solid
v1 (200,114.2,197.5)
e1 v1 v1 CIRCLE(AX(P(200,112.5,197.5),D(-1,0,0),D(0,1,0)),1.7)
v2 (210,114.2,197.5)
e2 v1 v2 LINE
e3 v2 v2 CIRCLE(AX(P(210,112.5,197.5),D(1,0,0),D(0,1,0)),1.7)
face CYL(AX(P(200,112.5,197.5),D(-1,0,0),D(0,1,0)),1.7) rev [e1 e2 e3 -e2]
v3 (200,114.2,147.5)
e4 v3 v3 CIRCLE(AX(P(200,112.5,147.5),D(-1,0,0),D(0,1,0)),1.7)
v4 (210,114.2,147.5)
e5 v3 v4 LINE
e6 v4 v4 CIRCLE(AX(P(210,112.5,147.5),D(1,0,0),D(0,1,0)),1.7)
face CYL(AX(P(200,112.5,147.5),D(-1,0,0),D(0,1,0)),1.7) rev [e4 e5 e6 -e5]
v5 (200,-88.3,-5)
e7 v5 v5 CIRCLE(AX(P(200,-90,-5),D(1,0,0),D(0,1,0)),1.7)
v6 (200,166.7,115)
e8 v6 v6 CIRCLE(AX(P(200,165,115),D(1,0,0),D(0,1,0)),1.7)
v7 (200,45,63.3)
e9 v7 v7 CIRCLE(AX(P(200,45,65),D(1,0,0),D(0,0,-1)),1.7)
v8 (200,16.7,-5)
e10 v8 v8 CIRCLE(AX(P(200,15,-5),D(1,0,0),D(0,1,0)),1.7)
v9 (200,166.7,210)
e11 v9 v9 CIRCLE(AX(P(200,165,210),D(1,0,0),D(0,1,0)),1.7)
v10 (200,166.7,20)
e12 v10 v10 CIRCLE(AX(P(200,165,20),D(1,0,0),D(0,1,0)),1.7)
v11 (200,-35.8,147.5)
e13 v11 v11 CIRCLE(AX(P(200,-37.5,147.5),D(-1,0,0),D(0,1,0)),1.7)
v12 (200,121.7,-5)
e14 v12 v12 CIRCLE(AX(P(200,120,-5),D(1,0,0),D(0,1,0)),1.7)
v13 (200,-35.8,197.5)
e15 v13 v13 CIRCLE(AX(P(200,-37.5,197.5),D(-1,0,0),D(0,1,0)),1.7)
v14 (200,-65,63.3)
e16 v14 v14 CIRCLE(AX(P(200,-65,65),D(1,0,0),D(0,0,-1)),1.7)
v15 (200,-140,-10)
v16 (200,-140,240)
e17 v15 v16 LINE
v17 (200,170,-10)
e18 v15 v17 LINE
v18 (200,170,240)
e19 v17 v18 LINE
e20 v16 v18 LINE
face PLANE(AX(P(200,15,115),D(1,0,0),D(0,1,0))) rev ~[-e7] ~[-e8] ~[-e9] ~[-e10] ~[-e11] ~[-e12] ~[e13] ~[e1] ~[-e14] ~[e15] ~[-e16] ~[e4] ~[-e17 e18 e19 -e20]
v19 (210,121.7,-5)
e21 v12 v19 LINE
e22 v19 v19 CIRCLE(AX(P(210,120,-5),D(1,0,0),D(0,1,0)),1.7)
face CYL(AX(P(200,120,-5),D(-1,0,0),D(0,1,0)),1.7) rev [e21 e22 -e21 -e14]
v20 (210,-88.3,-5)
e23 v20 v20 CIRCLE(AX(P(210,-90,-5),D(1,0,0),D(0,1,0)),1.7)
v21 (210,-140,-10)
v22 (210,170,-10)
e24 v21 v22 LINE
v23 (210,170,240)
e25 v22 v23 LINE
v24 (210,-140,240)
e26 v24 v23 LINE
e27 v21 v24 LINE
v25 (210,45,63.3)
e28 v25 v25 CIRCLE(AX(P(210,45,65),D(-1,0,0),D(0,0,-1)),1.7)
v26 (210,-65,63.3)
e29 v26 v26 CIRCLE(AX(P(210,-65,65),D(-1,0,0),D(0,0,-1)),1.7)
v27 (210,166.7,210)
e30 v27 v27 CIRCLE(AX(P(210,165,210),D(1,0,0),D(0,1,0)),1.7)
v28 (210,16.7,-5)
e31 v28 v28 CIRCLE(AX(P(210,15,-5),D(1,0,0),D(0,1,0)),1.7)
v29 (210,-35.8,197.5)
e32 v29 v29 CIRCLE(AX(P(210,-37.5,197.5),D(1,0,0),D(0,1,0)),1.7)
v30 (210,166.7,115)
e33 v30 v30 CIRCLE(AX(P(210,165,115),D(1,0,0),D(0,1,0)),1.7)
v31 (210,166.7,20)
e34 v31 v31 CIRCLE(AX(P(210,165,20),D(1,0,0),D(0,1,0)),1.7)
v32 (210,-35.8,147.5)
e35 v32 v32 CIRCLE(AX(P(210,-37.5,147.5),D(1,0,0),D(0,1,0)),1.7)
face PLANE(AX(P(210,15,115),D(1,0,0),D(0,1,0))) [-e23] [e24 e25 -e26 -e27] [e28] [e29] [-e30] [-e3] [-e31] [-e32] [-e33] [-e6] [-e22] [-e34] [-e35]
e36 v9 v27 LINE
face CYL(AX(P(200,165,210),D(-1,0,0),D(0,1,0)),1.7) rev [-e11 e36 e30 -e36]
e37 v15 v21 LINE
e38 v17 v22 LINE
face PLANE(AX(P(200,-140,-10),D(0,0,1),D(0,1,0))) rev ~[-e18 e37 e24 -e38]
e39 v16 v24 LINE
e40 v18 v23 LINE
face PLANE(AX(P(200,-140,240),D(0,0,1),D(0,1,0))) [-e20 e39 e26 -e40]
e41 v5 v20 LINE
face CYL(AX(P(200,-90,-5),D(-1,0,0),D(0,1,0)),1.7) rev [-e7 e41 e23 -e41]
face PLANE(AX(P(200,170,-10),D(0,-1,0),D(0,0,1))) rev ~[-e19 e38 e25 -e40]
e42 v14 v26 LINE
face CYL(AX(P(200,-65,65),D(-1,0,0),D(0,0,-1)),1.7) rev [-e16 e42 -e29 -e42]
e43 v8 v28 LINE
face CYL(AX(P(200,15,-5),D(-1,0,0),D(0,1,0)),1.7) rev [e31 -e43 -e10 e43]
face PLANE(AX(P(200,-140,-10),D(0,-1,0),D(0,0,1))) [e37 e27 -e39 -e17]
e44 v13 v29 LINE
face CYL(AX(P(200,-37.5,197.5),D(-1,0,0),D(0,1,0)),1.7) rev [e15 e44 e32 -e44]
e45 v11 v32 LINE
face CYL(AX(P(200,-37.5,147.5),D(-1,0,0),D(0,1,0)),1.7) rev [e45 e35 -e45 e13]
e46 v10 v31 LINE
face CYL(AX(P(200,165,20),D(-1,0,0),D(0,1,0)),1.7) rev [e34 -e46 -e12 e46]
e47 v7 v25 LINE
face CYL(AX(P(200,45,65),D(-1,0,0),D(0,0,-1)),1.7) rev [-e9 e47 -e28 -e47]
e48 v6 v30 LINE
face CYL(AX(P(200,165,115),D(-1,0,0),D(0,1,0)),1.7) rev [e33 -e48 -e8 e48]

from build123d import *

# Parameters (mm, degrees)
CYLINDER035_R           = 1.7
CYLINDER035_DEPTH       = 20
CYLINDER035_PITCH_ANGLE = 90
CYLINDER034_R           = 1.7
CYLINDER034_DEPTH       = 20
CYLINDER034_PITCH_ANGLE = 90
CYLINDER009_R           = 1.7
CYLINDER009_DEPTH       = 20
CYLINDER005_R           = 1.7
CYLINDER005_DEPTH       = 61
CYLINDER005_PITCH_ANGLE = 90
CYLINDER004_R           = 1.7
CYLINDER004_DEPTH       = 61
CYLINDER004_PITCH_ANGLE = 90
CYLINDER002_R           = 1.7
CYLINDER002_DEPTH       = 61
CYLINDER002_PITCH_ANGLE = 90
BOX_W                   = 50
BOX_H                   = 215
BOX_DEPTH               = 115
CYLINDER006_R           = 1.7
CYLINDER006_DEPTH       = 61
CYLINDER006_PITCH_ANGLE = 90
SKETCH005_W             = 310
SKETCH005_H             = 250
SKETCH005_R             = 1.7
PAD005_DEPTH            = 10
CYLINDER008_R           = 1.7
CYLINDER008_DEPTH       = 20
CYLINDER010_R           = 1.7
CYLINDER010_DEPTH       = 20
CYLINDER010_ROLL_ANGLE  = 90
CYLINDER011_R           = 1.7
CYLINDER011_DEPTH       = 20
CYLINDER011_ROLL_ANGLE  = 90
CYLINDER012_R           = 1.7
CYLINDER012_DEPTH       = 20
CYLINDER012_ROLL_ANGLE  = 90
CYLINDER007_R           = 1.7
CYLINDER007_DEPTH       = 20


with BuildPart() as cylinder035:
    # Cylinder035 → Cylinder035 (new body)
    with BuildSketch(Plane.XY):
        Circle(CYLINDER035_R)
    extrude(amount=CYLINDER035_DEPTH)


with BuildPart() as cylinder035_1:
    # Cylinder035 pitch: moved
    add(cylinder035.part.rotate(Axis((0, 0, 0), (0, 1, 0)), CYLINDER035_PITCH_ANGLE))


with BuildPart() as cylinder035_2:
    # Cylinder035 placement: moved
    add(cylinder035_1.part.moved(Location((200, 45, 65))))


with BuildPart() as fusion010:
    # Cylinder034 → Cylinder034 (new body)
    with BuildSketch(Plane.XY):
        Circle(CYLINDER034_R)
    extrude(amount=CYLINDER034_DEPTH)


with BuildPart() as fusion010_1:
    # Cylinder034 pitch: moved
    add(fusion010.part.rotate(Axis((0, 0, 0), (0, 1, 0)), CYLINDER034_PITCH_ANGLE))


with BuildPart() as fusion010_2:
    # Cylinder034 placement: moved
    add(fusion010_1.part.moved(Location((200, -65, 65))))

    # Fusion010: union Cylinder035
    add(cylinder035_2.part)


with BuildPart() as cylinder009:
    # Cylinder009 → Cylinder009 (new body)
    with BuildSketch(Plane(origin=(205, 120, 235), x_dir=(1, 0, 0), z_dir=(0, 0, 1))):
        Circle(CYLINDER009_R)
    extrude(amount=CYLINDER009_DEPTH)


with BuildPart() as cylinder005:
    # Cylinder005 → Cylinder005 (new body)
    with BuildSketch(Plane.XY):
        Circle(CYLINDER005_R)
    extrude(amount=CYLINDER005_DEPTH)


with BuildPart() as cylinder005_1:
    # Cylinder005 pitch: moved
    add(cylinder005.part.rotate(Axis((0, 0, 0), (0, 1, 0)), CYLINDER005_PITCH_ANGLE))


with BuildPart() as cylinder005_2:
    # Cylinder005 placement: moved
    add(cylinder005_1.part.moved(Location((150, 112.5, 147.5))))


with BuildPart() as cylinder004:
    # Cylinder004 → Cylinder004 (new body)
    with BuildSketch(Plane.XY):
        Circle(CYLINDER004_R)
    extrude(amount=CYLINDER004_DEPTH)


with BuildPart() as cylinder004_1:
    # Cylinder004 pitch: moved
    add(cylinder004.part.rotate(Axis((0, 0, 0), (0, 1, 0)), CYLINDER004_PITCH_ANGLE))


with BuildPart() as cylinder004_2:
    # Cylinder004 placement: moved
    add(cylinder004_1.part.moved(Location((150, -37.5, 197.5))))


with BuildPart() as cylinder002:
    # Cylinder002 → Cylinder002 (new body)
    with BuildSketch(Plane.XY):
        Circle(CYLINDER002_R)
    extrude(amount=CYLINDER002_DEPTH)


with BuildPart() as cylinder002_1:
    # Cylinder002 pitch: moved
    add(cylinder002.part.rotate(Axis((0, 0, 0), (0, 1, 0)), CYLINDER002_PITCH_ANGLE))


with BuildPart() as cylinder002_2:
    # Cylinder002 placement: moved
    add(cylinder002_1.part.moved(Location((150, -37.5, 147.5))))


with BuildPart() as box:
    # Box → Box (new body)
    with BuildSketch(Plane(origin=(150, -70, 115), x_dir=(1, 0, 0), z_dir=(0, 0, 1))):
        with Locations((25, 107.5)):
            Rectangle(BOX_W, BOX_H)
    extrude(amount=BOX_DEPTH)


with BuildPart() as fusion002:
    # Cylinder006 → Cylinder006 (new body)
    with BuildSketch(Plane.XY):
        Circle(CYLINDER006_R)
    extrude(amount=CYLINDER006_DEPTH)


with BuildPart() as fusion002_1:
    # Cylinder006 pitch: moved
    add(fusion002.part.rotate(Axis((0, 0, 0), (0, 1, 0)), CYLINDER006_PITCH_ANGLE))


with BuildPart() as fusion002_2:
    # Cylinder006 placement: moved
    add(fusion002_1.part.moved(Location((150, 112.5, 197.5))))

    # Fusion002: union Cylinder005, Cylinder004, Cylinder002, Box
    add(cylinder005_2.part)
    add(cylinder004_2.part)
    add(cylinder002_2.part)
    add(box.part)


with BuildPart() as cut002:
    # Sketch005 → Pad005 (new body)
    with BuildSketch(Plane.YZ.offset(200)):
        with Locations((15, 115)):
            Rectangle(SKETCH005_W, SKETCH005_H)
        with Locations((165, 210)):
            Circle(SKETCH005_R, mode=Mode.SUBTRACT)
        with Locations((165, 115)):
            Circle(SKETCH005_R, mode=Mode.SUBTRACT)
        with Locations((165, 20)):
            Circle(SKETCH005_R, mode=Mode.SUBTRACT)
        with Locations((120, -5)):
            Circle(SKETCH005_R, mode=Mode.SUBTRACT)
        with Locations((15, -5)):
            Circle(SKETCH005_R, mode=Mode.SUBTRACT)
        with Locations((-90, -5)):
            Circle(SKETCH005_R, mode=Mode.SUBTRACT)
        with Locations((-37.5, 197.5)):
            Circle(SKETCH005_R, mode=Mode.SUBTRACT)
        with Locations((-37.5, 147.5)):
            Circle(SKETCH005_R, mode=Mode.SUBTRACT)
        with Locations((112.5, 147.5)):
            Circle(SKETCH005_R, mode=Mode.SUBTRACT)
        with Locations((112.5, 197.5)):
            Circle(SKETCH005_R, mode=Mode.SUBTRACT)
    extrude(amount=PAD005_DEPTH)

    # Cut002: cut Fusion002
    add(fusion002_2.part, mode=Mode.SUBTRACT)


with BuildPart() as cut007:
    # Cut007 base: copy of Cut002
    add(cut002.part)

    # Cut007: cut Cylinder009
    add(cylinder009.part, mode=Mode.SUBTRACT)


with BuildPart() as cylinder008:
    # Cylinder008 → Cylinder008 (new body)
    with BuildSketch(Plane(origin=(205, 15, 235), x_dir=(1, 0, 0), z_dir=(0, 0, 1))):
        Circle(CYLINDER008_R)
    extrude(amount=CYLINDER008_DEPTH)


with BuildPart() as cut006:
    # Cut006 base: copy of Cut002
    add(cut002.part)

    # Cut006: cut Cylinder008
    add(cylinder008.part, mode=Mode.SUBTRACT)


with BuildPart() as cylinder010:
    # Cylinder010 → Cylinder010 (new body)
    with BuildSketch(Plane.XY):
        Circle(CYLINDER010_R)
    extrude(amount=CYLINDER010_DEPTH)


with BuildPart() as cylinder010_1:
    # Cylinder010 roll: moved
    add(cylinder010.part.rotate(Axis((0, 0, 0), (1, 0, 0)), CYLINDER010_ROLL_ANGLE))


with BuildPart() as cylinder010_2:
    # Cylinder010 placement: moved
    add(cylinder010_1.part.moved(Location((205, -135, 20))))


with BuildPart() as cut008:
    # Cut008 base: copy of Cut002
    add(cut002.part)

    # Cut008: cut Cylinder010
    add(cylinder010_2.part, mode=Mode.SUBTRACT)


with BuildPart() as cylinder011:
    # Cylinder011 → Cylinder011 (new body)
    with BuildSketch(Plane.XY):
        Circle(CYLINDER011_R)
    extrude(amount=CYLINDER011_DEPTH)


with BuildPart() as cylinder011_1:
    # Cylinder011 roll: moved
    add(cylinder011.part.rotate(Axis((0, 0, 0), (1, 0, 0)), CYLINDER011_ROLL_ANGLE))


with BuildPart() as cylinder011_2:
    # Cylinder011 placement: moved
    add(cylinder011_1.part.moved(Location((205, -135, 115))))


with BuildPart() as cut009:
    # Cut009 base: copy of Cut002
    add(cut002.part)

    # Cut009: cut Cylinder011
    add(cylinder011_2.part, mode=Mode.SUBTRACT)


with BuildPart() as cylinder012:
    # Cylinder012 → Cylinder012 (new body)
    with BuildSketch(Plane.XY):
        Circle(CYLINDER012_R)
    extrude(amount=CYLINDER012_DEPTH)


with BuildPart() as cylinder012_1:
    # Cylinder012 roll: moved
    add(cylinder012.part.rotate(Axis((0, 0, 0), (1, 0, 0)), CYLINDER012_ROLL_ANGLE))


with BuildPart() as cylinder012_2:
    # Cylinder012 placement: moved
    add(cylinder012_1.part.moved(Location((205, -135, 210))))


with BuildPart() as ok:
    # Cut010 base: copy of Cut002
    add(cut002.part)

    # Cut010: cut Cylinder012
    add(cylinder012_2.part, mode=Mode.SUBTRACT)


with BuildPart() as cylinder007:
    # Cylinder007 → Cylinder007 (new body)
    with BuildSketch(Plane(origin=(205, -90, 235), x_dir=(1, 0, 0), z_dir=(0, 0, 1))):
        Circle(CYLINDER007_R)
    extrude(amount=CYLINDER007_DEPTH)


with BuildPart() as cut013:
    # Cut005 base: copy of Cut002
    add(cut002.part)

    # Cut005: cut Cylinder007
    add(cylinder007.part, mode=Mode.SUBTRACT)

    # Fusion003: union Cut007, Cut006, Cut008, Cut009, ok
    add(cut007.part)
    add(cut006.part)
    add(cut008.part)
    add(cut009.part)
    add(ok.part)

    # Cut013: cut Fusion010
    add(fusion010_2.part, mode=Mode.SUBTRACT)


solid = cut013.part
